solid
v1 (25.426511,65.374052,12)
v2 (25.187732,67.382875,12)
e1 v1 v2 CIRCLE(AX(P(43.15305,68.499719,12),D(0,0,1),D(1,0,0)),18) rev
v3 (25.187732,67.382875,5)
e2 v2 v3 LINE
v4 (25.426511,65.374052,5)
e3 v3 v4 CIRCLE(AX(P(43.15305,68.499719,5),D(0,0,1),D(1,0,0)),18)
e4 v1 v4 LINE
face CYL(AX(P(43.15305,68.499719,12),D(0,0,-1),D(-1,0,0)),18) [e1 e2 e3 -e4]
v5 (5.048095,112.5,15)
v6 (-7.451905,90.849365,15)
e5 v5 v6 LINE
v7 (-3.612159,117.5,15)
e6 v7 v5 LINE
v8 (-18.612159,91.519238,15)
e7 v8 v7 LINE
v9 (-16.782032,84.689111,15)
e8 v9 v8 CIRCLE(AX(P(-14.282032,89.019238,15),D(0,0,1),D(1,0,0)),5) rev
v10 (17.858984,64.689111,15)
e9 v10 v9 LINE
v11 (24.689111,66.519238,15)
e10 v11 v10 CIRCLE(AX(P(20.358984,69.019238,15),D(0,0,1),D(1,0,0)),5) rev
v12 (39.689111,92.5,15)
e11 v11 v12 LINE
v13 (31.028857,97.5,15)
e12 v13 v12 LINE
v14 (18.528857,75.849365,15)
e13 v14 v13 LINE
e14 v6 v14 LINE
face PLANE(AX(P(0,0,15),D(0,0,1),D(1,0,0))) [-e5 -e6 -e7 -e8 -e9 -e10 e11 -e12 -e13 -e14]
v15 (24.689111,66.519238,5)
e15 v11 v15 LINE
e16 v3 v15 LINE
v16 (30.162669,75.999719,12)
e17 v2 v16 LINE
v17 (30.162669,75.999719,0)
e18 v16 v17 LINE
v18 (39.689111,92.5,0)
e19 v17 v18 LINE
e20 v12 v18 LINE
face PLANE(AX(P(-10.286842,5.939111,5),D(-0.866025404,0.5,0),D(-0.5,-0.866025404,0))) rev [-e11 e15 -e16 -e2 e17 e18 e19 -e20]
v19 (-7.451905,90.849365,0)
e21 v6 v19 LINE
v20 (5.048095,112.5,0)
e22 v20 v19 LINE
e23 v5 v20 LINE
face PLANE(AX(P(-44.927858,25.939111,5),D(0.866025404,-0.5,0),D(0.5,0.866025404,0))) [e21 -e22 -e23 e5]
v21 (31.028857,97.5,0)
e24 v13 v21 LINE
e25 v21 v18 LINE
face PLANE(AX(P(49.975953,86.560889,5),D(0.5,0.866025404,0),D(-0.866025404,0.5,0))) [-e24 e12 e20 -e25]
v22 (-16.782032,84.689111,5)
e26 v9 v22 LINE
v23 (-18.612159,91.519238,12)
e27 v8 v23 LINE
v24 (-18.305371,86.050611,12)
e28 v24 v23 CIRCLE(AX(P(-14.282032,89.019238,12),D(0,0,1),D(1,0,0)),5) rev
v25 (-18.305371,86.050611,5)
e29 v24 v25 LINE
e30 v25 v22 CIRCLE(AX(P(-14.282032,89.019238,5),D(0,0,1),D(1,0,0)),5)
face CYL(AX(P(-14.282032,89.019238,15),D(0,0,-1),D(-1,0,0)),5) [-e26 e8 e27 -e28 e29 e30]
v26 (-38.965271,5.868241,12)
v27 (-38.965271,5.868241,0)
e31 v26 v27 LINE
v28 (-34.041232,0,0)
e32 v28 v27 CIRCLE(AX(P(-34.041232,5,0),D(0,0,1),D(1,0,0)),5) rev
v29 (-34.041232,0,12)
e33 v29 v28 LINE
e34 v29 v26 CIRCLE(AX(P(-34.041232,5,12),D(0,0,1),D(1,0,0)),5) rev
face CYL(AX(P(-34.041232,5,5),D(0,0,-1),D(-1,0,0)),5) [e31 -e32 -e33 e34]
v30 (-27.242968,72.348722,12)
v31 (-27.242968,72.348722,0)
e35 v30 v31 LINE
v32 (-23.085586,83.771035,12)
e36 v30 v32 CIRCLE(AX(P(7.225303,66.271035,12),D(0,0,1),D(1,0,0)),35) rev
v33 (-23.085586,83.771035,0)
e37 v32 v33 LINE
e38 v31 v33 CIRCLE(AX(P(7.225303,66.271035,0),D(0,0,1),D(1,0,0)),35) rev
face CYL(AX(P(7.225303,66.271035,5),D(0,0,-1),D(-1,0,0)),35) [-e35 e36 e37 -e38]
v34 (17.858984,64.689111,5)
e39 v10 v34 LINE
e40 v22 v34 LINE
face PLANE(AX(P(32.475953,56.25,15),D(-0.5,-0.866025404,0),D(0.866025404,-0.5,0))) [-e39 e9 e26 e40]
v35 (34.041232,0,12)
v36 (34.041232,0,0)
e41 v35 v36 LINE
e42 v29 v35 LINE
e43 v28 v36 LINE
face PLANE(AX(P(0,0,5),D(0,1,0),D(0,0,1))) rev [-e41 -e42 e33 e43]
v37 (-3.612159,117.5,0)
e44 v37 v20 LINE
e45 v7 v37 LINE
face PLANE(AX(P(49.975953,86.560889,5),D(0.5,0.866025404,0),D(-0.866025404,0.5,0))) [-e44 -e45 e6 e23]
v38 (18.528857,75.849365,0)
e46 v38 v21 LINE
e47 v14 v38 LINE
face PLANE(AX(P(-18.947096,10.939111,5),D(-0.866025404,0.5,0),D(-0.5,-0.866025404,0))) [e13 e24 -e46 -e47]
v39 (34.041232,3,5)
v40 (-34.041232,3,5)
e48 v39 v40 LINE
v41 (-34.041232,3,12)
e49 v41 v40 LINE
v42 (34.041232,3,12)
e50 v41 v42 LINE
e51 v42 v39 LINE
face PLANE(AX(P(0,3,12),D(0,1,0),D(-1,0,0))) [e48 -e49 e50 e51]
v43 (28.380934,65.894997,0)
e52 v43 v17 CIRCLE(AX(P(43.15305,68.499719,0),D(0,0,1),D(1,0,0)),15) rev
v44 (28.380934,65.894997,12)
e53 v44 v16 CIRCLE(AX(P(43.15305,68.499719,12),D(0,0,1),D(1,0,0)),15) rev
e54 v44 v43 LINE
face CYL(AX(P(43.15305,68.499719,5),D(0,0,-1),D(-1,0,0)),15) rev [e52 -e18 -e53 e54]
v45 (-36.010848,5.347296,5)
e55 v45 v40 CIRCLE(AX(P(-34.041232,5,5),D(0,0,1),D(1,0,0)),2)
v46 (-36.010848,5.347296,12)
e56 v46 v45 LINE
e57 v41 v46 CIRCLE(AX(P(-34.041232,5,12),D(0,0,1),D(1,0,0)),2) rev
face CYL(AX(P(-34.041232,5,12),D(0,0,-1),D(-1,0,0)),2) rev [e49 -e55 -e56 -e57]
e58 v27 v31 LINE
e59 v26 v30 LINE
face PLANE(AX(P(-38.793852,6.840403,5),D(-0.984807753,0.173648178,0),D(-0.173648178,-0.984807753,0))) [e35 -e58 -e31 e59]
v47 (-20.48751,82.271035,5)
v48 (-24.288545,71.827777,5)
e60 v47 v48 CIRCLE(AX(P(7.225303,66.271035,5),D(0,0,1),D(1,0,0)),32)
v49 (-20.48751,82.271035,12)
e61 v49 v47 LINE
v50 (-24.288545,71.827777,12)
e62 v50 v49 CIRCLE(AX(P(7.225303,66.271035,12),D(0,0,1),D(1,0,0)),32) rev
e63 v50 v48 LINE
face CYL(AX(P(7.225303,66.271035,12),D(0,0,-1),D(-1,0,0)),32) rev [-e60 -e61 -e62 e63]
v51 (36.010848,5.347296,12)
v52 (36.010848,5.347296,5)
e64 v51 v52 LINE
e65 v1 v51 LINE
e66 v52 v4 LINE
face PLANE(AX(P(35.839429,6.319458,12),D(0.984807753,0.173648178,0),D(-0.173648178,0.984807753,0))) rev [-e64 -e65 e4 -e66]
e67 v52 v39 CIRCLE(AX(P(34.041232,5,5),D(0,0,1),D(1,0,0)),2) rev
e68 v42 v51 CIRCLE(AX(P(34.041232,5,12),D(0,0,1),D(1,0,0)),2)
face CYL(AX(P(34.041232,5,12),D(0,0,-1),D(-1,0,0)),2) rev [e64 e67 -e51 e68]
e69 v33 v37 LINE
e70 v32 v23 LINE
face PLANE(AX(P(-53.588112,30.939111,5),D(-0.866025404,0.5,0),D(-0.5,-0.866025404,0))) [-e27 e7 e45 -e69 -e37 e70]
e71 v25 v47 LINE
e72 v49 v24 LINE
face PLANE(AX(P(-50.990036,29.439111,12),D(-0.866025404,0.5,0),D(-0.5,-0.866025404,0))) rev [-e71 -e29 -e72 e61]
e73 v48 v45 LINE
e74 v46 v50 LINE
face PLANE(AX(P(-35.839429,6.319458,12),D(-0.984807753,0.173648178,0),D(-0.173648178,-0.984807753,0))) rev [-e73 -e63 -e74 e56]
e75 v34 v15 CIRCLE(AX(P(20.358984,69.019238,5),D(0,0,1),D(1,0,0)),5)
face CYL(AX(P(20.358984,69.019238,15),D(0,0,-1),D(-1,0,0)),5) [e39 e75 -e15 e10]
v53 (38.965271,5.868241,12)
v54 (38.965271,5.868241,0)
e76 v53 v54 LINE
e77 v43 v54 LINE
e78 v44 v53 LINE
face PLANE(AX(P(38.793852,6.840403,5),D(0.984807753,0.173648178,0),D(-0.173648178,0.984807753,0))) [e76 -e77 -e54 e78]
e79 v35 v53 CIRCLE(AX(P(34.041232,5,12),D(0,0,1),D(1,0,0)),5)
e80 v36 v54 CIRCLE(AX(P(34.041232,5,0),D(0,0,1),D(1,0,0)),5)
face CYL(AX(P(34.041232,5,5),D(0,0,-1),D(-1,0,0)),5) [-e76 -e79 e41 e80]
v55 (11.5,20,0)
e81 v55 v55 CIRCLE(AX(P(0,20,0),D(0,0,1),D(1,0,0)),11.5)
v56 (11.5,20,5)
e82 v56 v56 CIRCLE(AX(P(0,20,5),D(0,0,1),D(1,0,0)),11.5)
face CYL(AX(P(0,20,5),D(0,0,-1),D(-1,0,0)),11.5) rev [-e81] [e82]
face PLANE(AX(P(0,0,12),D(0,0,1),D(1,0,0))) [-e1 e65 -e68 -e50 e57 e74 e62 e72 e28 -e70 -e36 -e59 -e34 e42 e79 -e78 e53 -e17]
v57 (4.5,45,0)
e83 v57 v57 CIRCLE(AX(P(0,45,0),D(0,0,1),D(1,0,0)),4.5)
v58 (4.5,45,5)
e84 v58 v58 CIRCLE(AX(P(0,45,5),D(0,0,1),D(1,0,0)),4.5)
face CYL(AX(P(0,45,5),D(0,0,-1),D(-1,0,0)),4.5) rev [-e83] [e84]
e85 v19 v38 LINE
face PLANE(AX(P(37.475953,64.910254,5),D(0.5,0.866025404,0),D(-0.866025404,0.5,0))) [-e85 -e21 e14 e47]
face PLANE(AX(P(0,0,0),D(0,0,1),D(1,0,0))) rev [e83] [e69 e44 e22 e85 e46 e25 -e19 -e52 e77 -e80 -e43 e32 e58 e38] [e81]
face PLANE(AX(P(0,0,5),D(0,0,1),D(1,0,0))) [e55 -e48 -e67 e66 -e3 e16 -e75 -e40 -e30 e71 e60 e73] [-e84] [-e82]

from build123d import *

# Parameters (mm, degrees)
SKETCH1_R           = 11.5
SKETCH1_R_2         = 4.5
BOSS_EXTRUDE1_DEPTH = 5
BOSS_EXTRUDE2_DEPTH = 12
BOSS_EXTRUDE3_DEPTH = 15


with BuildPart() as part:
    # Sketch1 → Boss-Extrude1 (new body)
    with BuildSketch(Plane.XY):
        with BuildLine():
            ThreePointArc((-38.965270802, 5.868240888), (-37.871454253, 1.786061952), (-34.041232037, 0))
            Line((-34.041232037, 0), (34.041232037, 0))
            ThreePointArc((34.041232037, 0), (37.871454253, 1.786061952), (38.965270802, 5.868240888))
            Line((38.965270802, 5.868240888), (28.380934182, 65.894996734))
            ThreePointArc((28.380934182, 65.894996734), (28.380934182, 71.104442064), (30.162669421, 75.999719399))
            Line((30.162669421, 75.999719399), (39.689110868, 92.5))
            Line((39.689110868, 92.5), (31.02885683, 97.5))
            Line((31.02885683, 97.5), (18.52885683, 75.849364905))
            Line((18.52885683, 75.849364905), (-7.451905284, 90.849364905))
            Line((-7.451905284, 90.849364905), (5.048094716, 112.5))
            Line((5.048094716, 112.5), (-3.612159322, 117.5))
            Line((-3.612159322, 117.5), (-23.085586146, 83.771035343))
            ThreePointArc((-23.085586146, 83.771035343), (-25.663938741, 78.241740359), (-27.242968369, 72.348721561))
            Line((-27.242968369, 72.348721561), (-38.965270802, 5.868240888))
        make_face()
        with Locations((0, 20)):
            Circle(SKETCH1_R, mode=Mode.SUBTRACT)
        with Locations((0, 45)):
            Circle(SKETCH1_R_2, mode=Mode.SUBTRACT)
    extrude(amount=BOSS_EXTRUDE1_DEPTH)

    # Sketch1<3> → Boss-Extrude2 (add)
    with BuildSketch(Plane.XY):
        with BuildLine():
            ThreePointArc((-38.965270802, 5.868240888), (-37.871454253, 1.786061952), (-34.041232037, 0))
            Line((-34.041232037, 0), (34.041232037, 0))
            ThreePointArc((34.041232037, 0), (37.871454253, 1.786061952), (38.965270802, 5.868240888))
            Line((38.965270802, 5.868240888), (28.380934182, 65.894996734))
            ThreePointArc((28.380934182, 65.894996734), (28.380934182, 71.104442064), (30.162669421, 75.999719399))
            Line((30.162669421, 75.999719399), (25.187732235, 67.382875429))
            ThreePointArc((25.187732235, 67.382875429), (25.278878582, 66.375106712), (25.426510923, 65.374052201))
            Line((25.426510923, 65.374052201), (36.010847543, 5.347296355))
            ThreePointArc((36.010847543, 5.347296355), (35.573320923, 3.714424781), (34.041232037, 3))
            Line((34.041232037, 3), (-34.041232037, 3))
            ThreePointArc((-34.041232037, 3), (-35.573320923, 3.714424781), (-36.010847543, 5.347296355))
            Line((-36.010847543, 5.347296355), (-24.28854511, 71.827777028))
            ThreePointArc((-24.28854511, 71.827777028), (-22.844860879, 77.215679929), (-20.487509935, 82.271035343))
            Line((-20.487509935, 82.271035343), (-18.305370958, 86.05061092))
            ThreePointArc((-18.305370958, 86.05061092), (-19.274182883, 88.739179708), (-18.612159322, 91.519237886))
            Line((-18.612159322, 91.519237886), (-23.085586146, 83.771035343))
            ThreePointArc((-23.085586146, 83.771035343), (-25.663938741, 78.241740359), (-27.242968369, 72.348721561))
            Line((-27.242968369, 72.348721561), (-38.965270802, 5.868240888))
        make_face()
    extrude(amount=BOSS_EXTRUDE2_DEPTH)

    # Sketch1<4> → Boss-Extrude3 (add)
    with BuildSketch(Plane.XY):
        with BuildLine():
            Line((25.187732235, 67.382875429), (30.162669421, 75.999719399))
            Line((30.162669421, 75.999719399), (39.689110868, 92.5))
            Line((39.689110868, 92.5), (31.02885683, 97.5))
            Line((31.02885683, 97.5), (18.52885683, 75.849364905))
            Line((18.52885683, 75.849364905), (-7.451905284, 90.849364905))
            Line((-7.451905284, 90.849364905), (5.048094716, 112.5))
            Line((5.048094716, 112.5), (-3.612159322, 117.5))
            Line((-3.612159322, 117.5), (-18.612159322, 91.519237886))
            ThreePointArc((-18.612159322, 91.519237886), (-19.274182883, 88.739179708), (-18.305370958, 86.05061092))
            ThreePointArc((-18.305370958, 86.05061092), (-17.613984793, 85.291223321), (-16.782032303, 84.689110868))
            Line((-16.782032303, 84.689110868), (17.858983849, 64.689110868))
            ThreePointArc((17.858983849, 64.689110868), (21.653079074, 64.189608755), (24.689110868, 66.519237886))
            Line((24.689110868, 66.519237886), (25.187732235, 67.382875429))
        make_face()
    extrude(amount=BOSS_EXTRUDE3_DEPTH)


solid = part.part
